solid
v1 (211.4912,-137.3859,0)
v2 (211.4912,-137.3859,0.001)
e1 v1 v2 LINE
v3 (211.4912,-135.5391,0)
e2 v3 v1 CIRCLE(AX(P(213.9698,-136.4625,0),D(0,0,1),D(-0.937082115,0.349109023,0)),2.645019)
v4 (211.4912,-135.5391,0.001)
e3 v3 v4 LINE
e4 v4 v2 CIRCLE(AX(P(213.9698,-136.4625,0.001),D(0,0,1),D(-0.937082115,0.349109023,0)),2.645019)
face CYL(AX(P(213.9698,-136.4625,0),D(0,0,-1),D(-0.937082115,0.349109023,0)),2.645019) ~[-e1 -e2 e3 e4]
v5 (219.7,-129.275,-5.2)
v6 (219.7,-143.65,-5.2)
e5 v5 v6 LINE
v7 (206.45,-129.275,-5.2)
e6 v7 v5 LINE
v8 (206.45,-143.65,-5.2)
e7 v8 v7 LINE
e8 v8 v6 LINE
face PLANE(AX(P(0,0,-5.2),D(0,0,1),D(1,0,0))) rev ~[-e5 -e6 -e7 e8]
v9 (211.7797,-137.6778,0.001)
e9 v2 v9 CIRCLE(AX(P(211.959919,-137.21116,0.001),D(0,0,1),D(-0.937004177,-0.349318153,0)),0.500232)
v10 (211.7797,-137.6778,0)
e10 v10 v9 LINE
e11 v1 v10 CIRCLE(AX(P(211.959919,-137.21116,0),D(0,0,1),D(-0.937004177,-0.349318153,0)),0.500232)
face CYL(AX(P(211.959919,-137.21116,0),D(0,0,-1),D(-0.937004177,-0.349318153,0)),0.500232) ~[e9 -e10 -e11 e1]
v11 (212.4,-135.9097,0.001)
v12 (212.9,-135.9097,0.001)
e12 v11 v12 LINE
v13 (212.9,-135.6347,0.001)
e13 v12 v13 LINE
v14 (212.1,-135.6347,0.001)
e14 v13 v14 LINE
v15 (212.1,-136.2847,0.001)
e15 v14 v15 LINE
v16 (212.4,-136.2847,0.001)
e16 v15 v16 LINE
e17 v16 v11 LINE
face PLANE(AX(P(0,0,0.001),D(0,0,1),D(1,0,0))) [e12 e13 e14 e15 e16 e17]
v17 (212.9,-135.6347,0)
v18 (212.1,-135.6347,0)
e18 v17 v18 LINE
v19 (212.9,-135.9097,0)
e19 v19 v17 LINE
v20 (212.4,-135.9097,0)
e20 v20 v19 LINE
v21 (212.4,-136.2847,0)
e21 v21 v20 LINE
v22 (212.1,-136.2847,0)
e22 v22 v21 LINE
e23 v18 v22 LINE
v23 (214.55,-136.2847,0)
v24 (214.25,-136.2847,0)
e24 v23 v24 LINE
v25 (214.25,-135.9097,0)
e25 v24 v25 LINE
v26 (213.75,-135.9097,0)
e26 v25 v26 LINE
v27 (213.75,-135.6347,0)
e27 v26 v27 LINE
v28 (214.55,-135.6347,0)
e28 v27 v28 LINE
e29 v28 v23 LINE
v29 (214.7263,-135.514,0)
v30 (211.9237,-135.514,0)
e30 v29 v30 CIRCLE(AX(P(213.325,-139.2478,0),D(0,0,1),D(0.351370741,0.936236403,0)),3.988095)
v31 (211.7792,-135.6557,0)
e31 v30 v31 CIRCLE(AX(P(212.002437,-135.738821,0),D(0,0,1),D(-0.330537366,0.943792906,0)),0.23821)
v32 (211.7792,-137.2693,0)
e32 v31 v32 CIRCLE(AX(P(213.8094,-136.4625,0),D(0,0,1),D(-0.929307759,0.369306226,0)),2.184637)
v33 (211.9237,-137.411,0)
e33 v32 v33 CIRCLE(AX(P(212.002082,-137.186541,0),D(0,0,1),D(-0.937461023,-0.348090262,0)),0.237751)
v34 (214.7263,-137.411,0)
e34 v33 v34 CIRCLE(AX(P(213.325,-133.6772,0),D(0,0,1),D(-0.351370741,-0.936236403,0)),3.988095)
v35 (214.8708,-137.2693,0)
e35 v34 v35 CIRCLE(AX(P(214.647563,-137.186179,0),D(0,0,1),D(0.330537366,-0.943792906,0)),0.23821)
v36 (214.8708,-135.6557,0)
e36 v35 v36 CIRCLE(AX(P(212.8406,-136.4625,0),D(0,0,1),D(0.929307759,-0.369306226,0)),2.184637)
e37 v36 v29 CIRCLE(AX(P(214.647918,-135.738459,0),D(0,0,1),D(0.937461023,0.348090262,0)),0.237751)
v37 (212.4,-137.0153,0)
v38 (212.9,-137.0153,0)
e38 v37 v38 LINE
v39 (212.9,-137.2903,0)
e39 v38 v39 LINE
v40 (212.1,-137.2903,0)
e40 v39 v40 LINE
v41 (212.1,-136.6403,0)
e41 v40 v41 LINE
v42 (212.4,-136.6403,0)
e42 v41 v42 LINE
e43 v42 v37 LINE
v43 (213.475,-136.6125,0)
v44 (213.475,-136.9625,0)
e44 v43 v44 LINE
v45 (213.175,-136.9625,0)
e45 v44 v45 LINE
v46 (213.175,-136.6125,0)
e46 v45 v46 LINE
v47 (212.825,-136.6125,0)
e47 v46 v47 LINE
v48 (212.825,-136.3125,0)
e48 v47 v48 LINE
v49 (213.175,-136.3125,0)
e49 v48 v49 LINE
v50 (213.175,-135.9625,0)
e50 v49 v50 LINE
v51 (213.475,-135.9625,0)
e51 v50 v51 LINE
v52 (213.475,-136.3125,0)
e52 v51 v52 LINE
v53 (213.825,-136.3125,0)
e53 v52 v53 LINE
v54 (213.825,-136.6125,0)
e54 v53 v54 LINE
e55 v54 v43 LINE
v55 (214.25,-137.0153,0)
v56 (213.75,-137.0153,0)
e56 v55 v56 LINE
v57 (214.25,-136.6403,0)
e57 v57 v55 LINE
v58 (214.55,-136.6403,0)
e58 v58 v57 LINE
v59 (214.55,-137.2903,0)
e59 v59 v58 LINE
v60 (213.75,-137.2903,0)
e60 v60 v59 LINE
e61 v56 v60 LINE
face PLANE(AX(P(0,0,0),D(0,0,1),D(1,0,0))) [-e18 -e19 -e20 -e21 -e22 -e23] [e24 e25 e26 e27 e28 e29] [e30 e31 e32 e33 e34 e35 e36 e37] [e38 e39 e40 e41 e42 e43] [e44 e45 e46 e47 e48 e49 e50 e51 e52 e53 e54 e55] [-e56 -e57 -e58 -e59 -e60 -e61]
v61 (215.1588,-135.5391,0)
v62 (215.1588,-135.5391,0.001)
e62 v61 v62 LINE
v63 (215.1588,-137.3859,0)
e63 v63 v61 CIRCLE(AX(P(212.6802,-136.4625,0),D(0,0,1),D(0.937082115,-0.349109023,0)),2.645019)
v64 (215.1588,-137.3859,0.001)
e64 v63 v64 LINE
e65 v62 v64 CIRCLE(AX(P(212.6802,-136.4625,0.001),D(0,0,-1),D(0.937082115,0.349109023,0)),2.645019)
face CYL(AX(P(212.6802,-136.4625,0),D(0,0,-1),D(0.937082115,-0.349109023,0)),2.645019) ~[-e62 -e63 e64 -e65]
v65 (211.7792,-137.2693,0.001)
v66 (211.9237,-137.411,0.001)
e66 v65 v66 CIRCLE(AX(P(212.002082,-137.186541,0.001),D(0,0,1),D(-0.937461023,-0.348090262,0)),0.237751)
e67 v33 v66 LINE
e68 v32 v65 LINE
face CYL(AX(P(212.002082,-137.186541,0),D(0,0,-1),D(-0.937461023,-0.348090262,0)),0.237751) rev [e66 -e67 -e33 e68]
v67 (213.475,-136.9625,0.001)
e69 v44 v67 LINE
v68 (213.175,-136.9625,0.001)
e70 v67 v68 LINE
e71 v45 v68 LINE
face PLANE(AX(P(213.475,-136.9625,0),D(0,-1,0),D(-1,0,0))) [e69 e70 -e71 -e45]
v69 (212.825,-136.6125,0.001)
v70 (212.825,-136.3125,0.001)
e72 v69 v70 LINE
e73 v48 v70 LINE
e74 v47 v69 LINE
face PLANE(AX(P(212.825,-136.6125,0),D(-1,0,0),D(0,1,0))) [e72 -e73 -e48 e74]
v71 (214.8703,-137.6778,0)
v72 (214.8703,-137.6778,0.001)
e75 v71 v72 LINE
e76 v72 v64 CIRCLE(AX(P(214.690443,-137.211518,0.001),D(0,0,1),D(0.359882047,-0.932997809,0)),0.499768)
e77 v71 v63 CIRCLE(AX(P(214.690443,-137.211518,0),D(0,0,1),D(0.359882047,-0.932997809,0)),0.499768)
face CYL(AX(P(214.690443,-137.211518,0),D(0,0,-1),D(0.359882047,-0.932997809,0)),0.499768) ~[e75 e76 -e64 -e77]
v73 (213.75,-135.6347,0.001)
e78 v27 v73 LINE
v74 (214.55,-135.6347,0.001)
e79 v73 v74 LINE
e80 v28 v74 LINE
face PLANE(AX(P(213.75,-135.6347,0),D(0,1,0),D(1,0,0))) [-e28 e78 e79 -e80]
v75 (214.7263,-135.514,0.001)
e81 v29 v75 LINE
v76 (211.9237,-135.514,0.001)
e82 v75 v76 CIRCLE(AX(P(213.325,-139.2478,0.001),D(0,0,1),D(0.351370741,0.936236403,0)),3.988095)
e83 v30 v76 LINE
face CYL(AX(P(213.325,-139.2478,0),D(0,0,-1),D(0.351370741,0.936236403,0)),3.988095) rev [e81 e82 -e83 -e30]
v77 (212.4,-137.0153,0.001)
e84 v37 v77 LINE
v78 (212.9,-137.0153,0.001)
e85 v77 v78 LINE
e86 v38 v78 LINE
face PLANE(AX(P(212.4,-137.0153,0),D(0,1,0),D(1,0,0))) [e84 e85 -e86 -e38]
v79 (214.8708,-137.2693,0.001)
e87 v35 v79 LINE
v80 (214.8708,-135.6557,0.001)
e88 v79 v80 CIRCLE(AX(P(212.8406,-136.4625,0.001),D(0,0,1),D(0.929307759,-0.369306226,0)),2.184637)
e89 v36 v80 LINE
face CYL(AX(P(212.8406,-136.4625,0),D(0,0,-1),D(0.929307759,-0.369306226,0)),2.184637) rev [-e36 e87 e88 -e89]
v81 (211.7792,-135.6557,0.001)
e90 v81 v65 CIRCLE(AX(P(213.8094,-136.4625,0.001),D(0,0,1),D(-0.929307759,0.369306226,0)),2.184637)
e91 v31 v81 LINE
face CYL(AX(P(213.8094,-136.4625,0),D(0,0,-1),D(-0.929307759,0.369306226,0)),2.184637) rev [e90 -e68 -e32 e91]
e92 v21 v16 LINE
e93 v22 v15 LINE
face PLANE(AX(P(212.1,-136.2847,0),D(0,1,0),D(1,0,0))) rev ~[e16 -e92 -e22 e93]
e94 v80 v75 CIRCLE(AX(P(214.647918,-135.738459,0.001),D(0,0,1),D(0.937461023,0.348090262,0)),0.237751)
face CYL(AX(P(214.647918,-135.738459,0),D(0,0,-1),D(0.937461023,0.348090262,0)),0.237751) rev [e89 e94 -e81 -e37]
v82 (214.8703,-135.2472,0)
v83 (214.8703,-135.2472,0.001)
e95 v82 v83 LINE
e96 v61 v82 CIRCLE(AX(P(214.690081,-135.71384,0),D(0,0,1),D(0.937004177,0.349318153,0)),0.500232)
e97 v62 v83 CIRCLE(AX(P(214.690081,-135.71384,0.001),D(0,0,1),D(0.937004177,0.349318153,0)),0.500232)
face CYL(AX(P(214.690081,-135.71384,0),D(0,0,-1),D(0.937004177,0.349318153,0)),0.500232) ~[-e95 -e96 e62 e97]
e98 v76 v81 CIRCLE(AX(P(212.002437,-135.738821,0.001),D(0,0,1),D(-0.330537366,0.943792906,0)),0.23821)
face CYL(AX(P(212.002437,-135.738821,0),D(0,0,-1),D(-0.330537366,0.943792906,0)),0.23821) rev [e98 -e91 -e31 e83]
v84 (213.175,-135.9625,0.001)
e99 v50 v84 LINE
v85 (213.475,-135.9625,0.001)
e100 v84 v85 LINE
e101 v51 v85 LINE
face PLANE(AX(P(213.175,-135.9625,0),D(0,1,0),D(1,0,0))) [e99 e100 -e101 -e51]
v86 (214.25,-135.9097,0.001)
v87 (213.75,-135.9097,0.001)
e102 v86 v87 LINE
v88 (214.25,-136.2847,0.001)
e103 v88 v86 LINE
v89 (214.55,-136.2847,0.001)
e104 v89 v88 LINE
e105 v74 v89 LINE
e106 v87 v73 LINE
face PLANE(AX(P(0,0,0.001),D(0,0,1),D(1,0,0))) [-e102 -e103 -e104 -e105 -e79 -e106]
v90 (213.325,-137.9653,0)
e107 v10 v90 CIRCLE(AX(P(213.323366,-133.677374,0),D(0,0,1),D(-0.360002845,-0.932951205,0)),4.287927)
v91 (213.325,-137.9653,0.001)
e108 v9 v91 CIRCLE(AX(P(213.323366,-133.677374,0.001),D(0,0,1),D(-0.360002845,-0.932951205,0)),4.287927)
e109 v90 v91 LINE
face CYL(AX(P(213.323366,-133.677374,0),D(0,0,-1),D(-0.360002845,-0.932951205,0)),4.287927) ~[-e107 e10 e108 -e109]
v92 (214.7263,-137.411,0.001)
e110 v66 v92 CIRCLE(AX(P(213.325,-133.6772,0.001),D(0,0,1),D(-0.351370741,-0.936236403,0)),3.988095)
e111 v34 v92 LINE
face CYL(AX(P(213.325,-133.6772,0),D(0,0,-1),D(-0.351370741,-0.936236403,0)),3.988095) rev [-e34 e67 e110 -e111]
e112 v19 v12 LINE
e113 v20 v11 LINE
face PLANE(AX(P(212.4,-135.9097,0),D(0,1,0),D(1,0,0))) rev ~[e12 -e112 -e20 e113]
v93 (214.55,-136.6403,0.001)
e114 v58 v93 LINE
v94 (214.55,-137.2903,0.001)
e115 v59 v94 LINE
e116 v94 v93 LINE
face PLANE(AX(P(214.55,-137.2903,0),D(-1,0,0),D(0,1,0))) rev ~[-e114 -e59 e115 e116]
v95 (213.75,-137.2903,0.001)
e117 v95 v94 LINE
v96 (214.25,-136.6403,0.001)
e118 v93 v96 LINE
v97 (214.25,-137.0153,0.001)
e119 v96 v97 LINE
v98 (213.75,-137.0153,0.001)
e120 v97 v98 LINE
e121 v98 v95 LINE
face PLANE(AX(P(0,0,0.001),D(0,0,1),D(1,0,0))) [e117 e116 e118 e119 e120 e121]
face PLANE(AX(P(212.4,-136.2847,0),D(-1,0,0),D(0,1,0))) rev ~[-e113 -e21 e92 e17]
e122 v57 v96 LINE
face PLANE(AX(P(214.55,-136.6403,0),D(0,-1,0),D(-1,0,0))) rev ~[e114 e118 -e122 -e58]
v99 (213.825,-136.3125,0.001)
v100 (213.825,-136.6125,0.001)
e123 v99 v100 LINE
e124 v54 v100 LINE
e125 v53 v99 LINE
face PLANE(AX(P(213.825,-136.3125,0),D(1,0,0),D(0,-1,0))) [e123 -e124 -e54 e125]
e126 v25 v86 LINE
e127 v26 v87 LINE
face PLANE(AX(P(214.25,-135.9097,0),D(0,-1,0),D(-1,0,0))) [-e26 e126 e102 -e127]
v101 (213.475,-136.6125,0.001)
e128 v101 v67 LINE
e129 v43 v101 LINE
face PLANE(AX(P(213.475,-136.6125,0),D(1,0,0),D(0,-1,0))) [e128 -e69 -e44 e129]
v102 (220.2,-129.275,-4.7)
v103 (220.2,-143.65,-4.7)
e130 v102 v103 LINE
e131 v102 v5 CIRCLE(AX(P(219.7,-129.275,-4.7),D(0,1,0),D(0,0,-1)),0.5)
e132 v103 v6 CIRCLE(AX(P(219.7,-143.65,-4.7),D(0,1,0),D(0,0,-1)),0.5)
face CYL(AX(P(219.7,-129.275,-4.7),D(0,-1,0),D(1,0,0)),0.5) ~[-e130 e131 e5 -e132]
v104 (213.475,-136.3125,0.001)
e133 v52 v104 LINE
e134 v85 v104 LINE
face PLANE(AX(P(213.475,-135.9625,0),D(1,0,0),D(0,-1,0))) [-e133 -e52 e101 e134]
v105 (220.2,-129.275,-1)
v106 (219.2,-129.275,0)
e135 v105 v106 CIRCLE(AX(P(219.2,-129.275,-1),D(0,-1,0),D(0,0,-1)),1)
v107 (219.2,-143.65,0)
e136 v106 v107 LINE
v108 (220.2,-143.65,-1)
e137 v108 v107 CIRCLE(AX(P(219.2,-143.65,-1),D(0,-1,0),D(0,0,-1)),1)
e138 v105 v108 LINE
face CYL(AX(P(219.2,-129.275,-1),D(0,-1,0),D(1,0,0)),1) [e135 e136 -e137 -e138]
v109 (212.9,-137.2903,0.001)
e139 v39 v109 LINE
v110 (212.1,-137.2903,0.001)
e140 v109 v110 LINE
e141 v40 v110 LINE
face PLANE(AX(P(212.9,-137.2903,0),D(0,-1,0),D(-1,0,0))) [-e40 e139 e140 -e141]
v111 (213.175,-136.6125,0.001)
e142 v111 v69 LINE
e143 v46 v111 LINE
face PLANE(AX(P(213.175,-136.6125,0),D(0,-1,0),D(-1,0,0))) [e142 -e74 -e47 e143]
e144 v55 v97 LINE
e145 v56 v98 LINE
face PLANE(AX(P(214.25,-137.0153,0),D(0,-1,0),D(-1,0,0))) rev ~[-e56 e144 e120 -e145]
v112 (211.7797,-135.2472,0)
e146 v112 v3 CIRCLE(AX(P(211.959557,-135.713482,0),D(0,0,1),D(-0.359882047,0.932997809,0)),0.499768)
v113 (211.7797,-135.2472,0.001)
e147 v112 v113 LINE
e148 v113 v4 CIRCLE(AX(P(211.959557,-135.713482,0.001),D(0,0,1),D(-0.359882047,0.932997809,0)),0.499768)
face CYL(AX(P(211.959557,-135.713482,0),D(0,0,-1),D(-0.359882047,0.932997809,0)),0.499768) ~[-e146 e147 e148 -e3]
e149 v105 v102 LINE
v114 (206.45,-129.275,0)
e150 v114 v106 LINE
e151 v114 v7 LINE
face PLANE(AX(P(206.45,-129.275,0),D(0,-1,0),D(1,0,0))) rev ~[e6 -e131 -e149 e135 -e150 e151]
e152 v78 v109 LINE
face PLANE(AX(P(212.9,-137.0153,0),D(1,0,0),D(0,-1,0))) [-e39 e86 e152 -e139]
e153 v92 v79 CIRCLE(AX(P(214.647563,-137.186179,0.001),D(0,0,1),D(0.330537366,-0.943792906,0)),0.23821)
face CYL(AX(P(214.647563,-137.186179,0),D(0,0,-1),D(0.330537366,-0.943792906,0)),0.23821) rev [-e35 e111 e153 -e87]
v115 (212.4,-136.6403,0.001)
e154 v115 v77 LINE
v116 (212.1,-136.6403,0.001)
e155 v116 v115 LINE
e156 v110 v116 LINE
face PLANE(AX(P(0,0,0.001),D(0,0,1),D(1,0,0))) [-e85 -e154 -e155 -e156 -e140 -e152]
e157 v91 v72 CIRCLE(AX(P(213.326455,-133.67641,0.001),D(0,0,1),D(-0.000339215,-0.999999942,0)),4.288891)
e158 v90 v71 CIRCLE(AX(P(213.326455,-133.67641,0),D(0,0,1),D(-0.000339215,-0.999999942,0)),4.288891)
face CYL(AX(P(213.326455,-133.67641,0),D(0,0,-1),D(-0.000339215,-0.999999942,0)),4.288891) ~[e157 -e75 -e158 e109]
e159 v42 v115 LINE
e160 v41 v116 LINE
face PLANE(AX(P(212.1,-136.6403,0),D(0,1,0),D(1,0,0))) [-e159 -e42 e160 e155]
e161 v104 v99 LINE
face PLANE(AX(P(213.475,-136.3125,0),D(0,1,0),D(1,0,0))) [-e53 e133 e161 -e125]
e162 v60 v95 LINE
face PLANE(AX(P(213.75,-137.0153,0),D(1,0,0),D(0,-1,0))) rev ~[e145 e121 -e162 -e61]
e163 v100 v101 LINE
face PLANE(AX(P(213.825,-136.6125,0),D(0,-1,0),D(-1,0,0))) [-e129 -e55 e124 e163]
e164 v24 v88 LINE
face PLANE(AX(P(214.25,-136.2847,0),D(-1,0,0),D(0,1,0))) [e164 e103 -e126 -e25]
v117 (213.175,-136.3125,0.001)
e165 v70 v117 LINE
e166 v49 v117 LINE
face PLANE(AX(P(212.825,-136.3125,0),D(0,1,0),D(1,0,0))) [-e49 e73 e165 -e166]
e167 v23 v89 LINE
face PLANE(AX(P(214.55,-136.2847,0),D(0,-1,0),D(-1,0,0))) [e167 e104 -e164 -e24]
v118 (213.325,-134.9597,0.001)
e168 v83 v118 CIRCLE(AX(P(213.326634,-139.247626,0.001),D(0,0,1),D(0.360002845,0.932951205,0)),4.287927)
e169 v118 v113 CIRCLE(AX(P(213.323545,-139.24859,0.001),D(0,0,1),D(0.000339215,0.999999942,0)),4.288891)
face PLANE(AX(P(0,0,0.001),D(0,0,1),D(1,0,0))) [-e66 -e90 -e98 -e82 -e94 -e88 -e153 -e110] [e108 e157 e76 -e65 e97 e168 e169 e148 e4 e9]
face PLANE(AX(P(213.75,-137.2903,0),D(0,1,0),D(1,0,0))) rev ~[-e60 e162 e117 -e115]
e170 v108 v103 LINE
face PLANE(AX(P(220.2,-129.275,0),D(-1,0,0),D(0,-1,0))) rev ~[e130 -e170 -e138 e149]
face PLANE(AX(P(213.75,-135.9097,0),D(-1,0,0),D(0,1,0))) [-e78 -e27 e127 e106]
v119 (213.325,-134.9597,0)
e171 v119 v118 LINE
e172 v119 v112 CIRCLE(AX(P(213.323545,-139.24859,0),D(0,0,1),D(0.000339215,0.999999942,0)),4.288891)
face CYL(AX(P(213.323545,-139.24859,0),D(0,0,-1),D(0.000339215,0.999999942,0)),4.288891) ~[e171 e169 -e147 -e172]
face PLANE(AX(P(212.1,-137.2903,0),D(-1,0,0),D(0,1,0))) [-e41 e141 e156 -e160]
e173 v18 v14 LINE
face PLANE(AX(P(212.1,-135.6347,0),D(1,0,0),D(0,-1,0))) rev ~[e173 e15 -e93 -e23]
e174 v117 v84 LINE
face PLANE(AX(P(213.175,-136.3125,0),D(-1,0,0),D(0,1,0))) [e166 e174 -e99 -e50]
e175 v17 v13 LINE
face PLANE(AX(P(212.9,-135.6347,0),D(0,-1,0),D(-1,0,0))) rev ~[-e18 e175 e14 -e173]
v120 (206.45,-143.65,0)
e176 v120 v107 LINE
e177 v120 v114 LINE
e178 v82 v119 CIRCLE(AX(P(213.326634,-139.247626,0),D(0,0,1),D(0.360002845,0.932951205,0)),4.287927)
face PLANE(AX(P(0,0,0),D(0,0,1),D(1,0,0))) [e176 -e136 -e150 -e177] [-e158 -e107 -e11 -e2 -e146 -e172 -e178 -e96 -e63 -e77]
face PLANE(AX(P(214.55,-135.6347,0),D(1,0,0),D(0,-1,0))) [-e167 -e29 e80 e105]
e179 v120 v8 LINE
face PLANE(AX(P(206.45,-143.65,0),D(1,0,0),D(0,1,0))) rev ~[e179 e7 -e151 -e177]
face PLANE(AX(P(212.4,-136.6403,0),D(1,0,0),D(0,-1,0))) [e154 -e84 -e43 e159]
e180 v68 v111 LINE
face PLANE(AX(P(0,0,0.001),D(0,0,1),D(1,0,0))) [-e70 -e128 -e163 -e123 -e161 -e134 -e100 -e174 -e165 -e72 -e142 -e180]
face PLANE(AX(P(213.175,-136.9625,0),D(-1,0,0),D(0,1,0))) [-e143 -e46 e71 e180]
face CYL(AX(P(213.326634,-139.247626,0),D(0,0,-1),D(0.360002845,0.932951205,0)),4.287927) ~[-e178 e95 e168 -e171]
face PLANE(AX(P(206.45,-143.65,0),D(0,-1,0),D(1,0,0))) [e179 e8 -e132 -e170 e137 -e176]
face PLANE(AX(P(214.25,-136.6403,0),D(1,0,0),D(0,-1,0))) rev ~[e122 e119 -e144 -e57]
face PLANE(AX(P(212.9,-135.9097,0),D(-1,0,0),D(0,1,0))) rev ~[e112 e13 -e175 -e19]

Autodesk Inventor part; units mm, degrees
ref_plane "YZ Plane" through (0, 0, 0) normal (1, 0, 0) x (0, 1, 0)
ref_plane "XZ Plane" through (0, 0, 0) normal (0, 1, 0) x (-1, 0, 0)
ref_plane "XY Plane" through (0, 0, 0) normal (0, 0, 1) x (1, 0, 0)
sketch "Szkic1" plane through (0, 0, 0) normal (0, 0, 1) x (1, 0, 0)
  line L0 (206.45, -143.65) -> (206.45, -129.275)
  line L1 (206.45, -129.275) -> (220.2, -129.275)
  line L2 (206.45, -143.65) -> (220.2, -143.65)
  line L3 (220.2, -129.275) -> (220.2, -143.65)
extrude "Wyciągnięcie proste1" add sketch "Szkic1" against normal blind 5.2
fillet "Zaokrąglenie1" radius 0.5 1 edges at (220.2, -136.4625, -5.2)
sketch "Szkic6" plane through (0, 0, 0) normal (0, 0, 1) x (1, 0, 0)
  line L0 (213.825, -136.3125) -> (213.825, -136.6125)
  line L1 (212.825, -136.6125) -> (212.825, -136.3125)
  line L2 (213.175, -135.9625) -> (213.475, -135.9625)
  line L3 (213.475, -136.9625) -> (213.175, -136.9625)
  line L4 (213.825, -136.6125) -> (213.475, -136.6125)
  line L5 (213.175, -136.6125) -> (212.825, -136.6125)
  line L6 (213.175, -136.9625) -> (213.175, -136.6125)
  line L7 (213.175, -136.3125) -> (213.175, -135.9625)
  line L8 (213.475, -135.9625) -> (213.475, -136.3125)
  line L9 (213.475, -136.6125) -> (213.475, -136.9625)
  line L10 (212.825, -136.3125) -> (213.175, -136.3125)
  line L11 (213.475, -136.3125) -> (213.825, -136.3125)
  line L12 (212.9, -137.2903) -> (212.1, -137.2903)
  line L13 (212.1, -137.2903) -> (212.1, -136.6403)
  line L14 (212.1, -136.6403) -> (212.4, -136.6403)
  line L15 (212.4, -136.6403) -> (212.4, -137.0153)
  line L16 (212.4, -137.0153) -> (212.9, -137.0153)
  line L17 (212.9, -137.0153) -> (212.9, -137.2903)
  line L18 (213.75, -137.2903) -> (214.55, -137.2903)
  line L19 (214.55, -137.2903) -> (214.55, -136.6403)
  line L20 (214.55, -136.6403) -> (214.25, -136.6403)
  line L21 (214.25, -136.6403) -> (214.25, -137.0153)
  line L22 (214.25, -137.0153) -> (213.75, -137.0153)
  line L23 (213.75, -137.0153) -> (213.75, -137.2903)
  line L24 (212.9, -135.6347) -> (212.1, -135.6347)
  line L25 (212.1, -135.6347) -> (212.1, -136.2847)
  line L26 (212.1, -136.2847) -> (212.4, -136.2847)
  line L27 (212.4, -136.2847) -> (212.4, -135.9097)
  line L28 (212.4, -135.9097) -> (212.9, -135.9097)
  line L29 (212.9, -135.9097) -> (212.9, -135.6347)
  line L30 (213.75, -135.9097) -> (213.75, -135.6347)
  line L31 (214.25, -136.2847) -> (214.25, -135.9097)
  line L32 (214.25, -135.9097) -> (213.75, -135.9097)
  line L33 (214.55, -136.2847) -> (214.25, -136.2847)
  line L34 (214.55, -135.6347) -> (214.55, -136.2847)
  line L35 (213.75, -135.6347) -> (214.55, -135.6347)
  arc A0 (211.7792, -135.6557) -> (211.7792, -137.2693) centre (213.8094, -136.4625) ccw
  arc A1 (214.7263, -135.514) -> (211.9237, -135.514) centre (213.325, -139.2478) ccw
  arc A2 (211.9237, -137.411) -> (214.7263, -137.411) centre (213.325, -133.6772) ccw
  arc A3 (214.8708, -137.2693) -> (214.8708, -135.6557) centre (212.8406, -136.4625) ccw
  arc A4 (215.1708, -137.2693) -> (215.1708, -135.6557) centre (213.1406, -136.4625) ccw
  arc A5 (215.1776, -135.6727) -> (214.7263, -135.214) centre (214.4204, -135.9663) ccw
  arc A6 (214.7263, -137.711) -> (215.1776, -137.2523) centre (214.4204, -136.9587) ccw
  arc A7 (211.9237, -135.514) -> (211.7792, -135.6557) centre (212.0023, -135.7386) ccw
  arc A8 (211.7792, -137.2693) -> (211.9237, -137.411) centre (212.0023, -137.1864) ccw
  arc A9 (214.8708, -135.6557) -> (214.7263, -135.514) centre (214.6477, -135.7386) ccw
  arc A10 (214.7263, -137.411) -> (214.8708, -137.2693) centre (214.6477, -137.1864) ccw
  arc A11 (211.4912, -135.5391) -> (211.4912, -137.3859) centre (213.9698, -136.4625) ccw
  arc A12 (213.325, -134.9597) -> (211.7797, -135.2472) centre (213.3235, -139.2481) ccw
  arc A13 (211.7797, -135.2472) -> (211.4912, -135.5391) centre (211.9597, -135.7137) ccw
  arc A14 (211.7797, -137.6778) -> (213.325, -137.9653) centre (213.3235, -133.6769) ccw
  arc A15 (211.4912, -137.3859) -> (211.7797, -137.6778) centre (211.9597, -137.2113) ccw
  arc A16 (215.1588, -137.3859) -> (215.1588, -135.5391) centre (212.6802, -136.4625) ccw
  arc A17 (214.8703, -135.2472) -> (213.325, -134.9597) centre (213.3265, -139.2481) ccw
  arc A18 (215.1588, -135.5391) -> (214.8703, -135.2472) centre (214.6903, -135.7137) ccw
  arc A19 (213.325, -137.9653) -> (214.8703, -137.6778) centre (213.3265, -133.6769) ccw
  arc A20 (214.8703, -137.6778) -> (215.1588, -137.3859) centre (214.6903, -137.2113) ccw
  point P0 (213.325, -136.4625)
  dimension "d56" = 0.3
  dimension "d63" = 0.65
  dimension "d64" = 0.3
  dimension "d66" = 0.375
  dimension "d68" = 0.5
fillet "Zaokrąglenie2" radius 1 1 edges at (220.2, -136.4625, 0)
extrude "Wyciągnięcie proste5" add sketch "Szkic6" along normal blind 0.001
properties part number "PRZYCISK IO" material "Tworzywo sztuczne, nieprzezroczyste czarne"
